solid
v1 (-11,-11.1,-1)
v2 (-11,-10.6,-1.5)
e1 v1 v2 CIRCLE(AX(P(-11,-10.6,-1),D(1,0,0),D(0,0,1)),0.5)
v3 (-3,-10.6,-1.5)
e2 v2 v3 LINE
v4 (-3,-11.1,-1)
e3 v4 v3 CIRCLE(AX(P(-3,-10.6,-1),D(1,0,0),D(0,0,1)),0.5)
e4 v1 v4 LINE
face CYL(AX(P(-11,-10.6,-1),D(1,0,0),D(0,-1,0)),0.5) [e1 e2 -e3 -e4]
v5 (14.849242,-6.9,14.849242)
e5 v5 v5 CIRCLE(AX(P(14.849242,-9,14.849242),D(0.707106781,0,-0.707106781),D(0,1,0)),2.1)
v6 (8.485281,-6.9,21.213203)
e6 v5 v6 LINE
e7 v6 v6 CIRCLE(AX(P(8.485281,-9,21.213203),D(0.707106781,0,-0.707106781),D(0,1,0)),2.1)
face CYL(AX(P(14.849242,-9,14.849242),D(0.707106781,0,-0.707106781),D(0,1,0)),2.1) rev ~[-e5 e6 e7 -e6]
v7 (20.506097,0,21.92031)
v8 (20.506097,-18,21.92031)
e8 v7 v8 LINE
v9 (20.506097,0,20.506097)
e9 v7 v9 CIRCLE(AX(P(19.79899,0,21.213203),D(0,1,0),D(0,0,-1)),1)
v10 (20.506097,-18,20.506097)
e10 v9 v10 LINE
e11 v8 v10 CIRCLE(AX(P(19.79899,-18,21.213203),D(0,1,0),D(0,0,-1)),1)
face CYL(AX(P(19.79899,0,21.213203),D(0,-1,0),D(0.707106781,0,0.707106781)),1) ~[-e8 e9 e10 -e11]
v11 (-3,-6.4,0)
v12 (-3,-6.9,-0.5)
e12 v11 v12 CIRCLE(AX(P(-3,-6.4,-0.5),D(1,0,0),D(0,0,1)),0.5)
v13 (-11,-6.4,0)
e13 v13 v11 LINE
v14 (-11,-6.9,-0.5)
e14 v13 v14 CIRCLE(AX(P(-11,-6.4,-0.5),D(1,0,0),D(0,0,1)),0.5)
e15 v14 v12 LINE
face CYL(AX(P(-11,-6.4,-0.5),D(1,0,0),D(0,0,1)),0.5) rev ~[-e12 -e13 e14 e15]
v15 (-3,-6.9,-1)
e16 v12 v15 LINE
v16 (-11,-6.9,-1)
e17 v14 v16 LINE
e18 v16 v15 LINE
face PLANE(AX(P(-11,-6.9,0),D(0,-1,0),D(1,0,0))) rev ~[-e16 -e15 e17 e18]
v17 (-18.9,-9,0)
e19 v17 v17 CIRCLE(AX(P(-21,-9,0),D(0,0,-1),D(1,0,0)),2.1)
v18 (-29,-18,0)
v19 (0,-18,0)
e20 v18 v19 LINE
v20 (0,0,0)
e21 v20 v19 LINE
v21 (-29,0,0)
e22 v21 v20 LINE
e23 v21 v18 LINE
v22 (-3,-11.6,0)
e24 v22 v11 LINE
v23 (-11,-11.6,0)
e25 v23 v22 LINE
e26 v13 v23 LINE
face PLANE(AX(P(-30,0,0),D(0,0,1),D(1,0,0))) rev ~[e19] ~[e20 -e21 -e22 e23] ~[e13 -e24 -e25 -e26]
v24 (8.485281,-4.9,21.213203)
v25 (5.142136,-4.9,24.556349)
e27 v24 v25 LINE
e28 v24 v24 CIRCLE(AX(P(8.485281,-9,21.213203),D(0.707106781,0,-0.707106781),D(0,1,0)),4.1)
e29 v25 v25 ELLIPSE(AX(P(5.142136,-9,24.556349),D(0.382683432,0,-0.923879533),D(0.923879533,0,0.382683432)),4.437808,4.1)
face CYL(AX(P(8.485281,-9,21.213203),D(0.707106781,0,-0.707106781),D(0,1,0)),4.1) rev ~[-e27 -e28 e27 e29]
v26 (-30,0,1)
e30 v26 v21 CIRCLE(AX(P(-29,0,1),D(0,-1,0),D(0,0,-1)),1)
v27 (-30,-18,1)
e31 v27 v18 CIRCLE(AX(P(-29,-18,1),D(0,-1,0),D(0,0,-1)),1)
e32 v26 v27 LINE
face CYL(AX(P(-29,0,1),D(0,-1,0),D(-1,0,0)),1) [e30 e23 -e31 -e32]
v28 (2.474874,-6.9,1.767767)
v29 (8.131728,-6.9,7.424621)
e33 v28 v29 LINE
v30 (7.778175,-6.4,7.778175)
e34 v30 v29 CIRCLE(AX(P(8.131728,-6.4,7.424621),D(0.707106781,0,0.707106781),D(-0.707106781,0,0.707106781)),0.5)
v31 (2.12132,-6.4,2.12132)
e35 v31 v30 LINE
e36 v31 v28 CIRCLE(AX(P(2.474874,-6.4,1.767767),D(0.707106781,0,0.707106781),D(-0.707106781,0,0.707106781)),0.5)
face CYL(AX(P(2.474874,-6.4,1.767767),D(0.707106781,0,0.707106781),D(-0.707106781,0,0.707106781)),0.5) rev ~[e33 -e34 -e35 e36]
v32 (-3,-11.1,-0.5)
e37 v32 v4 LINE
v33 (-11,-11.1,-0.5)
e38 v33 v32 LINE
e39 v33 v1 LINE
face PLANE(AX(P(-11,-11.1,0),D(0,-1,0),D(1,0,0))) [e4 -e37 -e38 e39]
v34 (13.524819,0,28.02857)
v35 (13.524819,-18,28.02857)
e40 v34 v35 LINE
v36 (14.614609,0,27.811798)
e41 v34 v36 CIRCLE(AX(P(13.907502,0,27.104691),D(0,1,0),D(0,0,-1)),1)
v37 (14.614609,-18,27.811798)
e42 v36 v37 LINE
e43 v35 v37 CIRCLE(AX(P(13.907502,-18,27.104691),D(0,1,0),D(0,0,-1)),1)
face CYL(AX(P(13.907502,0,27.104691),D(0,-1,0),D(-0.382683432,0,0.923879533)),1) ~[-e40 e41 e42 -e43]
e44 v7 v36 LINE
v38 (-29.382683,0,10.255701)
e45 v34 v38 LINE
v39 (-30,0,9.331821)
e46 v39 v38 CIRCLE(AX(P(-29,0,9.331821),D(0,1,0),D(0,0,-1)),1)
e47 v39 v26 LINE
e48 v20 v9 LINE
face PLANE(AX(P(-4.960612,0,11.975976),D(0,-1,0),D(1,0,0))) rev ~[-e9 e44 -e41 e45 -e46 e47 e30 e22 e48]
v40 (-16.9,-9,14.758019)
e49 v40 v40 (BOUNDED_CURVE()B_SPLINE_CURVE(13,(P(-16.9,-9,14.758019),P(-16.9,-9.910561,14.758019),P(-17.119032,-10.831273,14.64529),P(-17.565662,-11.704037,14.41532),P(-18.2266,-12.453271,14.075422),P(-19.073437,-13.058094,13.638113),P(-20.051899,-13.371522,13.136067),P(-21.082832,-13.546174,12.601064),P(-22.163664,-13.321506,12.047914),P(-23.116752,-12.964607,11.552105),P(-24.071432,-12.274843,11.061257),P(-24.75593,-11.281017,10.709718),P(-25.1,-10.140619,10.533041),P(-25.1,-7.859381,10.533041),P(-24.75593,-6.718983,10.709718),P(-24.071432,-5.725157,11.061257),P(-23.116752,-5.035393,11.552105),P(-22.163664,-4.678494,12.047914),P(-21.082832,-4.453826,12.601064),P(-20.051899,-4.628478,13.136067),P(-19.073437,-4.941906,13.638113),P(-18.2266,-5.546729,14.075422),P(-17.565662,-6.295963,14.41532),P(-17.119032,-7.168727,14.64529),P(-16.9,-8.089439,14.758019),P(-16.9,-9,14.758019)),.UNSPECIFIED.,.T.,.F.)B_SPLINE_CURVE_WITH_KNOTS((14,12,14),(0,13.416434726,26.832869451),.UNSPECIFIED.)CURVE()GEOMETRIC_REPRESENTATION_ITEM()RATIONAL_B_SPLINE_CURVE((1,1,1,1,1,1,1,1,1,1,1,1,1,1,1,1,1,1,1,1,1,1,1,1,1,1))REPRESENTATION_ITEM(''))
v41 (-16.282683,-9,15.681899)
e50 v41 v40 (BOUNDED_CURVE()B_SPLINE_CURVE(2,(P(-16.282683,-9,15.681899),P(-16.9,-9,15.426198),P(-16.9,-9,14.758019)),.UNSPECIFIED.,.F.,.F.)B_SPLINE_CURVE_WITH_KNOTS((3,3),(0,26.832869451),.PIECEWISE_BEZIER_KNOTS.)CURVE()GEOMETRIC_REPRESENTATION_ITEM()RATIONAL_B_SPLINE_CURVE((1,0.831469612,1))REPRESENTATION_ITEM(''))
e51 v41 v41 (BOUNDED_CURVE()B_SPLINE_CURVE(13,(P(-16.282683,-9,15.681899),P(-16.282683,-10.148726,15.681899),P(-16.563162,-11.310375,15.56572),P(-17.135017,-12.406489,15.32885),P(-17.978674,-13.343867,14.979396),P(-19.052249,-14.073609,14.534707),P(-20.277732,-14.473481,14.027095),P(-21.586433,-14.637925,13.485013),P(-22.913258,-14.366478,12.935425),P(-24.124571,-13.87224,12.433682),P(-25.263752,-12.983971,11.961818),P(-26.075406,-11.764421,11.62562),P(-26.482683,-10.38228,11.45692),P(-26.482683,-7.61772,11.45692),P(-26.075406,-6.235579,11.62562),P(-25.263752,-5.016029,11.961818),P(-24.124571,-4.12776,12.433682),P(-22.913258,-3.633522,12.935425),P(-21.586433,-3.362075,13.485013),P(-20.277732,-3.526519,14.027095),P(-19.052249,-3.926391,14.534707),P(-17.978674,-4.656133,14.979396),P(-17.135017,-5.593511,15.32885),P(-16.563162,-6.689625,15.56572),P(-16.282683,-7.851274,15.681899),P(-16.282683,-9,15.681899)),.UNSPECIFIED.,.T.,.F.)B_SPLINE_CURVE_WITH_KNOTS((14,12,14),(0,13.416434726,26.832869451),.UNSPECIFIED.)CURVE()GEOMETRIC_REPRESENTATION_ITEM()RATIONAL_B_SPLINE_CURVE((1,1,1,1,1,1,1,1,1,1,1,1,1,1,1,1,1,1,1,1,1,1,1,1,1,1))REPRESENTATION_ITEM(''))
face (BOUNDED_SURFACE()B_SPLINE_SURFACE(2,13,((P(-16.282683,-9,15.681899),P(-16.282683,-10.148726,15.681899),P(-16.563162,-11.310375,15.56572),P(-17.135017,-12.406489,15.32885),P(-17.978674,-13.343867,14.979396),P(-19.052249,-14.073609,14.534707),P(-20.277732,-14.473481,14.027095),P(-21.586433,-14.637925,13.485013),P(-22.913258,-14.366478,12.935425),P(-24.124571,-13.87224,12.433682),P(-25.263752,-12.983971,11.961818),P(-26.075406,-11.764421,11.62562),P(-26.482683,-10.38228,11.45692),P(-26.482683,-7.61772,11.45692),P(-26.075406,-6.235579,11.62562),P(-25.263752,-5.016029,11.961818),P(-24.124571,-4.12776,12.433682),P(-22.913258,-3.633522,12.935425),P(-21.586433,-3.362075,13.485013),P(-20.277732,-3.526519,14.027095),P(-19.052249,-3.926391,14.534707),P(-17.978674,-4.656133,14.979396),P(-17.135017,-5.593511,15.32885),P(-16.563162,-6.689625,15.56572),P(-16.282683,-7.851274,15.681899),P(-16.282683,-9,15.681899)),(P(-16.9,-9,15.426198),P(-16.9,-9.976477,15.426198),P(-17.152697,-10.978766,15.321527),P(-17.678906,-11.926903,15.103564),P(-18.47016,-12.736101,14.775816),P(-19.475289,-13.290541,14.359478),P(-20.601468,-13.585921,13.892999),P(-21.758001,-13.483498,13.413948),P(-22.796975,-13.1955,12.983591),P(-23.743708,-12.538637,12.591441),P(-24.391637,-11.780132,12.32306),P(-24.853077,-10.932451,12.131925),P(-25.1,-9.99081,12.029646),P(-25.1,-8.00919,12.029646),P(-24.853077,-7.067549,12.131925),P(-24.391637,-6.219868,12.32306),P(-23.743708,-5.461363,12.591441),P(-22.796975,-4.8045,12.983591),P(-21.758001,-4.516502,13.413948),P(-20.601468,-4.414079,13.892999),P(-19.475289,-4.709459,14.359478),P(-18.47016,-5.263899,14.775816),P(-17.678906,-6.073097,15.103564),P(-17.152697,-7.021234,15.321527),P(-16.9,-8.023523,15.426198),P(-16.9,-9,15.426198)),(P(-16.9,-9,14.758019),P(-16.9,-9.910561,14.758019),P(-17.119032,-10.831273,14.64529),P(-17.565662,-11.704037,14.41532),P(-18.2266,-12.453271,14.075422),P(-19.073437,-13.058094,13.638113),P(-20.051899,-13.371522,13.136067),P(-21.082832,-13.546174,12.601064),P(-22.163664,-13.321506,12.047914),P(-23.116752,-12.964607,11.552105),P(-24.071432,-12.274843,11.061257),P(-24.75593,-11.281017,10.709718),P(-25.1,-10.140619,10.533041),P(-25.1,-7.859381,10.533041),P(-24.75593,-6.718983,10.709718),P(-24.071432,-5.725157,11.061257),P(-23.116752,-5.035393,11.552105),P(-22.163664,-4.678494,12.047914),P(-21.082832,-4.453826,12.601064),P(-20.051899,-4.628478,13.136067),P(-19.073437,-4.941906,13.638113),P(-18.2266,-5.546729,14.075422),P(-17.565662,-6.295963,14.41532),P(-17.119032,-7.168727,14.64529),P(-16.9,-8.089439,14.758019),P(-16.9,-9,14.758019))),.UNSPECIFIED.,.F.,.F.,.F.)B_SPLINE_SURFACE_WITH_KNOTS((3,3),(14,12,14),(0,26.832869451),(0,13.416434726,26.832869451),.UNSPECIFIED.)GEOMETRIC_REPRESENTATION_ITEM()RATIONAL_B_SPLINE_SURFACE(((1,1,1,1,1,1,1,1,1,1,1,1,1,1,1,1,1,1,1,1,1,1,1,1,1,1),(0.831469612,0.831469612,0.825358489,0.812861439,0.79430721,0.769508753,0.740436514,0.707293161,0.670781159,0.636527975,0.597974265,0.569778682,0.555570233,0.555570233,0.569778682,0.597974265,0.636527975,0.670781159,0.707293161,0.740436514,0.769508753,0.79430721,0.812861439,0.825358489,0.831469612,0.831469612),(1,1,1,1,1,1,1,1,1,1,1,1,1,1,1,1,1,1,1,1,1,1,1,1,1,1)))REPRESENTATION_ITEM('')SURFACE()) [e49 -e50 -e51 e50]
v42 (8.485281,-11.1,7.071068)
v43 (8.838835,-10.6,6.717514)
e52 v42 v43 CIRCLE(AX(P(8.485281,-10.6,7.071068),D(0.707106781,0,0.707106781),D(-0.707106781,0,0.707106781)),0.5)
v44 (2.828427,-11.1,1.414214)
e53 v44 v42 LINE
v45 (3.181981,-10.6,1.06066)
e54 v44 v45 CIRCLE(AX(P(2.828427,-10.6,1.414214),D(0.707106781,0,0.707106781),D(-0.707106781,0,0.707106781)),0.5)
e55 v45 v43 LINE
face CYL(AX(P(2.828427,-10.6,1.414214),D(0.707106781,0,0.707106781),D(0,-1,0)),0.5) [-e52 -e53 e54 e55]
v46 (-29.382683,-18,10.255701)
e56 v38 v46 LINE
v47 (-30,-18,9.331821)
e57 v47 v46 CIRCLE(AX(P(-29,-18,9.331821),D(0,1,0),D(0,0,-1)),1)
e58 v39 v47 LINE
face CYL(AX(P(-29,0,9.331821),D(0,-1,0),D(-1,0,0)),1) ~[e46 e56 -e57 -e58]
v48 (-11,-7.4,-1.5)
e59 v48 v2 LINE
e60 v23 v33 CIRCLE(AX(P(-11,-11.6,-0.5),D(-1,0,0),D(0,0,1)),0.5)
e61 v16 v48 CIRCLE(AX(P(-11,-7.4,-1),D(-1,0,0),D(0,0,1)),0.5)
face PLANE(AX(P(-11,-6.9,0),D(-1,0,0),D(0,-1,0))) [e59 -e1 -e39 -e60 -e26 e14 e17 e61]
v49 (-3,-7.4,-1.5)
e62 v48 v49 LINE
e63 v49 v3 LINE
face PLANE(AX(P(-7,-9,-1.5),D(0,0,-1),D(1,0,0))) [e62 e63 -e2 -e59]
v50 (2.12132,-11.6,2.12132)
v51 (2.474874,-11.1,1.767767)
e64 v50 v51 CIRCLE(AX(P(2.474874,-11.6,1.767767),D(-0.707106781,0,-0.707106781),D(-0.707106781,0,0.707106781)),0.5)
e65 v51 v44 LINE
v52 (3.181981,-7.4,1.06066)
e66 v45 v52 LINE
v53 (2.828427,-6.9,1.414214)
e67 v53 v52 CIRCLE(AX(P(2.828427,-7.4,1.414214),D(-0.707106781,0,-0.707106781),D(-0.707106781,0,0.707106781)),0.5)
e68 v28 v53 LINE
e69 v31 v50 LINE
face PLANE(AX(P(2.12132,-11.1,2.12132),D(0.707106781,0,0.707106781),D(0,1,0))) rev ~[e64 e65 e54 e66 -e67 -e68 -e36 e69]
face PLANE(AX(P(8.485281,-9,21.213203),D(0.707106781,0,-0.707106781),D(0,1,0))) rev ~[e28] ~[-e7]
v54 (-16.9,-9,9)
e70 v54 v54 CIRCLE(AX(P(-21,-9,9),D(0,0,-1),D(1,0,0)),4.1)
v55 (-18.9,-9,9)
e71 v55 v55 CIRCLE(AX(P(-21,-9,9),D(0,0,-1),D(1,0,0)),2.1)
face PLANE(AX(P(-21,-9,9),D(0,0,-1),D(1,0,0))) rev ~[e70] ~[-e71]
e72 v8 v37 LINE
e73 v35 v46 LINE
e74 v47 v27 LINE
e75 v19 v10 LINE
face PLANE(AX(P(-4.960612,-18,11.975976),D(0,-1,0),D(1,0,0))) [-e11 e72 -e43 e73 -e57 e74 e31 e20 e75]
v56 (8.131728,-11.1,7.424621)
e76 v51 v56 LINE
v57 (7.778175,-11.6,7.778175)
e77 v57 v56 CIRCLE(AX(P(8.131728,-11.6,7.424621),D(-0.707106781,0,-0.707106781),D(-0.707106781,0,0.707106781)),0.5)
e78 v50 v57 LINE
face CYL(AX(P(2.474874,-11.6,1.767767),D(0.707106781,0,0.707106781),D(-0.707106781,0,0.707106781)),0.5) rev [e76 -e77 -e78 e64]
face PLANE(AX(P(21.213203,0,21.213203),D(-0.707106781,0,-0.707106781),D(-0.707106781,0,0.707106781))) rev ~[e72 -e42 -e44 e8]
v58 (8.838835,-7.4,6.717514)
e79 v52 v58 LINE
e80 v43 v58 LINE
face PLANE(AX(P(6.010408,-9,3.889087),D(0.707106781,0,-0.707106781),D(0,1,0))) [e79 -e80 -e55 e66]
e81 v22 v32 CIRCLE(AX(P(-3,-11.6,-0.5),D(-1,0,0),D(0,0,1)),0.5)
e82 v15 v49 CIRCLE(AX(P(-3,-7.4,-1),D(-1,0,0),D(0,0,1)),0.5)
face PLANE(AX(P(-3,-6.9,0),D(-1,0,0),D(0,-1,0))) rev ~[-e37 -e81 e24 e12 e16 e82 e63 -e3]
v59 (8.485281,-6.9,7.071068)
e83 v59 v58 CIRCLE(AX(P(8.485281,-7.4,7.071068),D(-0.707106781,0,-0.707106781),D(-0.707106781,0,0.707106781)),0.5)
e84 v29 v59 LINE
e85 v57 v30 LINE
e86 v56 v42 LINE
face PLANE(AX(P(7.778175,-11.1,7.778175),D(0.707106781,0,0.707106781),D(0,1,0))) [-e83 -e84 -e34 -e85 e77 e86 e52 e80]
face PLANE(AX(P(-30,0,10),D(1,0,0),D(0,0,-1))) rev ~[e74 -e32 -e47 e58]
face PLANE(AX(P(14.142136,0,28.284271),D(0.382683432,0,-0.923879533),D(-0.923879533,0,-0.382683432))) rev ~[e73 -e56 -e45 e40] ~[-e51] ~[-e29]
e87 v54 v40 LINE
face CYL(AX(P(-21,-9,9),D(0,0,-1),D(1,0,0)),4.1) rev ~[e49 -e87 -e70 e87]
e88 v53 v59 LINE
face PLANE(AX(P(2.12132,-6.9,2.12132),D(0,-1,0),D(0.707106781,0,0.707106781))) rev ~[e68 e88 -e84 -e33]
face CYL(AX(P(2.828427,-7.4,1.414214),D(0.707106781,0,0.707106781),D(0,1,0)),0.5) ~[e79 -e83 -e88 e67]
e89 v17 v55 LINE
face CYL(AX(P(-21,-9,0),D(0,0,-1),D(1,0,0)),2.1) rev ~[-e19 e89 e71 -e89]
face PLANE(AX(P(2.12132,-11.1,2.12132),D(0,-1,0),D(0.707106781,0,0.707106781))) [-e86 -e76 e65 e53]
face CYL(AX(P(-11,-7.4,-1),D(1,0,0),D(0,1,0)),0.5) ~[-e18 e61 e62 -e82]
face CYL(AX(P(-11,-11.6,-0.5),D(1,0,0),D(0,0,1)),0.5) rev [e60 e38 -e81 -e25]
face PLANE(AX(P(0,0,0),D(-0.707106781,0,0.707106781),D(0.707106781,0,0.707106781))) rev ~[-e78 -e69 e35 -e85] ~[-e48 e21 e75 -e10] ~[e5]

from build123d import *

# Parameters (mm, degrees)
F1_DEPTH  = 18
F2_R      = 2.1
F3_DEPTH  = 25
F4_START  = -9
F2_R_2    = 4.1
F4_DEPTH  = 16
F6_START  = -9
F5_R      = 4.1
F5_R_2    = 2.1
F6_DEPTH  = 16
F7_DEPTH  = 25
F8_R      = 1
F2_W      = 8
F2_H      = 4.2
F9_DEPTH  = 1.5
F5_W      = 4.2
F5_H      = 8
F10_DEPTH = 1.5
F11_R     = 0.5


with BuildPart() as f1:
    # F0 (on Front) → F1 (new body)
    with BuildSketch(Plane.XZ):
        Polygon((-30, 10), (-30, 0), (0, 0), (21.2132034356, 21.2132034356), (14.1421356237, 28.2842712475), align=None)
    extrude(amount=F1_DEPTH)

    # F2 (on face) → F3 (cut)
    with BuildSketch(Plane(origin=(0, 0, 0), x_dir=(1, 0, 0), z_dir=(0, 0, -1))):
        with Locations((-21, 9)):
            Circle(F2_R)
    extrude(amount=-F3_DEPTH, mode=Mode.SUBTRACT)

    # F2 (on face) → F4 (cut)
    with BuildSketch(Plane(origin=(0, 0, 0), x_dir=(1, 0, 0), z_dir=(0, 0, -1)).offset(F4_START)):
        with Locations((-21, 9)):
            Circle(F2_R_2)
        with Locations((-21, 9)):
            Circle(F2_R, mode=Mode.SUBTRACT)
    extrude(amount=-F4_DEPTH, mode=Mode.SUBTRACT)

    # F5 (on face) → F6 (cut)
    with BuildSketch(Plane(origin=(0, 0, 0), x_dir=(0, 1, 0), z_dir=(0.7071067812, 0, -0.7071067812)).offset(F6_START)):
        with Locations((-9, 21)):
            Circle(F5_R)
        with Locations((-9, 21)):
            Circle(F5_R_2, mode=Mode.SUBTRACT)
    extrude(amount=-F6_DEPTH, mode=Mode.SUBTRACT)

    # F5 (on face) → F7 (cut)
    with BuildSketch(Plane(origin=(0, 0, 0), x_dir=(0, 1, 0), z_dir=(0.7071067812, 0, -0.7071067812))):
        with Locations((-9, 21)):
            Circle(F5_R_2)
    extrude(amount=-F7_DEPTH, mode=Mode.SUBTRACT)

    # F8
    f8_edges = [f1.edges().sort_by_distance(p)[0] for p in [
        (-30, -9, 0),
        (-30, -9, 10),
        (21.213203, -9, 21.213203),
        (14.142136, -9, 28.284271),
        (-25.1, -8.999972, 12.029646),
    ]]
    fillet(f8_edges, radius=F8_R)

    # F2 (on face) → F9 (join)
    with BuildSketch(Plane(origin=(0, 0, 0), x_dir=(1, 0, 0), z_dir=(0, 0, -1))):
        with Locations((-7, 9)):
            Rectangle(F2_W, F2_H)
    extrude(amount=F9_DEPTH)

    # F5 (on face) → F10 (join)
    with BuildSketch(Plane(origin=(0, 0, 0), x_dir=(0, 1, 0), z_dir=(0.7071067812, 0, -0.7071067812))):
        with Locations((-9, 7)):
            Rectangle(F5_W, F5_H)
    extrude(amount=F10_DEPTH)

    # F11
    f11_edges = [f1.edges().sort_by_distance(p)[0] for p in [
        (-7, -6.9, 0),
        (-7, -6.9, -1.5),
        (-7, -11.1, -1.5),
        (-7, -11.1, 0),
        (4.949747, -11.1, 4.949747),
        (6.010408, -11.1, 3.889087),
        (6.010408, -6.9, 3.889087),
        (4.949747, -6.9, 4.949747),
    ]]
    fillet(f11_edges, radius=F11_R)


solid = f1.part
